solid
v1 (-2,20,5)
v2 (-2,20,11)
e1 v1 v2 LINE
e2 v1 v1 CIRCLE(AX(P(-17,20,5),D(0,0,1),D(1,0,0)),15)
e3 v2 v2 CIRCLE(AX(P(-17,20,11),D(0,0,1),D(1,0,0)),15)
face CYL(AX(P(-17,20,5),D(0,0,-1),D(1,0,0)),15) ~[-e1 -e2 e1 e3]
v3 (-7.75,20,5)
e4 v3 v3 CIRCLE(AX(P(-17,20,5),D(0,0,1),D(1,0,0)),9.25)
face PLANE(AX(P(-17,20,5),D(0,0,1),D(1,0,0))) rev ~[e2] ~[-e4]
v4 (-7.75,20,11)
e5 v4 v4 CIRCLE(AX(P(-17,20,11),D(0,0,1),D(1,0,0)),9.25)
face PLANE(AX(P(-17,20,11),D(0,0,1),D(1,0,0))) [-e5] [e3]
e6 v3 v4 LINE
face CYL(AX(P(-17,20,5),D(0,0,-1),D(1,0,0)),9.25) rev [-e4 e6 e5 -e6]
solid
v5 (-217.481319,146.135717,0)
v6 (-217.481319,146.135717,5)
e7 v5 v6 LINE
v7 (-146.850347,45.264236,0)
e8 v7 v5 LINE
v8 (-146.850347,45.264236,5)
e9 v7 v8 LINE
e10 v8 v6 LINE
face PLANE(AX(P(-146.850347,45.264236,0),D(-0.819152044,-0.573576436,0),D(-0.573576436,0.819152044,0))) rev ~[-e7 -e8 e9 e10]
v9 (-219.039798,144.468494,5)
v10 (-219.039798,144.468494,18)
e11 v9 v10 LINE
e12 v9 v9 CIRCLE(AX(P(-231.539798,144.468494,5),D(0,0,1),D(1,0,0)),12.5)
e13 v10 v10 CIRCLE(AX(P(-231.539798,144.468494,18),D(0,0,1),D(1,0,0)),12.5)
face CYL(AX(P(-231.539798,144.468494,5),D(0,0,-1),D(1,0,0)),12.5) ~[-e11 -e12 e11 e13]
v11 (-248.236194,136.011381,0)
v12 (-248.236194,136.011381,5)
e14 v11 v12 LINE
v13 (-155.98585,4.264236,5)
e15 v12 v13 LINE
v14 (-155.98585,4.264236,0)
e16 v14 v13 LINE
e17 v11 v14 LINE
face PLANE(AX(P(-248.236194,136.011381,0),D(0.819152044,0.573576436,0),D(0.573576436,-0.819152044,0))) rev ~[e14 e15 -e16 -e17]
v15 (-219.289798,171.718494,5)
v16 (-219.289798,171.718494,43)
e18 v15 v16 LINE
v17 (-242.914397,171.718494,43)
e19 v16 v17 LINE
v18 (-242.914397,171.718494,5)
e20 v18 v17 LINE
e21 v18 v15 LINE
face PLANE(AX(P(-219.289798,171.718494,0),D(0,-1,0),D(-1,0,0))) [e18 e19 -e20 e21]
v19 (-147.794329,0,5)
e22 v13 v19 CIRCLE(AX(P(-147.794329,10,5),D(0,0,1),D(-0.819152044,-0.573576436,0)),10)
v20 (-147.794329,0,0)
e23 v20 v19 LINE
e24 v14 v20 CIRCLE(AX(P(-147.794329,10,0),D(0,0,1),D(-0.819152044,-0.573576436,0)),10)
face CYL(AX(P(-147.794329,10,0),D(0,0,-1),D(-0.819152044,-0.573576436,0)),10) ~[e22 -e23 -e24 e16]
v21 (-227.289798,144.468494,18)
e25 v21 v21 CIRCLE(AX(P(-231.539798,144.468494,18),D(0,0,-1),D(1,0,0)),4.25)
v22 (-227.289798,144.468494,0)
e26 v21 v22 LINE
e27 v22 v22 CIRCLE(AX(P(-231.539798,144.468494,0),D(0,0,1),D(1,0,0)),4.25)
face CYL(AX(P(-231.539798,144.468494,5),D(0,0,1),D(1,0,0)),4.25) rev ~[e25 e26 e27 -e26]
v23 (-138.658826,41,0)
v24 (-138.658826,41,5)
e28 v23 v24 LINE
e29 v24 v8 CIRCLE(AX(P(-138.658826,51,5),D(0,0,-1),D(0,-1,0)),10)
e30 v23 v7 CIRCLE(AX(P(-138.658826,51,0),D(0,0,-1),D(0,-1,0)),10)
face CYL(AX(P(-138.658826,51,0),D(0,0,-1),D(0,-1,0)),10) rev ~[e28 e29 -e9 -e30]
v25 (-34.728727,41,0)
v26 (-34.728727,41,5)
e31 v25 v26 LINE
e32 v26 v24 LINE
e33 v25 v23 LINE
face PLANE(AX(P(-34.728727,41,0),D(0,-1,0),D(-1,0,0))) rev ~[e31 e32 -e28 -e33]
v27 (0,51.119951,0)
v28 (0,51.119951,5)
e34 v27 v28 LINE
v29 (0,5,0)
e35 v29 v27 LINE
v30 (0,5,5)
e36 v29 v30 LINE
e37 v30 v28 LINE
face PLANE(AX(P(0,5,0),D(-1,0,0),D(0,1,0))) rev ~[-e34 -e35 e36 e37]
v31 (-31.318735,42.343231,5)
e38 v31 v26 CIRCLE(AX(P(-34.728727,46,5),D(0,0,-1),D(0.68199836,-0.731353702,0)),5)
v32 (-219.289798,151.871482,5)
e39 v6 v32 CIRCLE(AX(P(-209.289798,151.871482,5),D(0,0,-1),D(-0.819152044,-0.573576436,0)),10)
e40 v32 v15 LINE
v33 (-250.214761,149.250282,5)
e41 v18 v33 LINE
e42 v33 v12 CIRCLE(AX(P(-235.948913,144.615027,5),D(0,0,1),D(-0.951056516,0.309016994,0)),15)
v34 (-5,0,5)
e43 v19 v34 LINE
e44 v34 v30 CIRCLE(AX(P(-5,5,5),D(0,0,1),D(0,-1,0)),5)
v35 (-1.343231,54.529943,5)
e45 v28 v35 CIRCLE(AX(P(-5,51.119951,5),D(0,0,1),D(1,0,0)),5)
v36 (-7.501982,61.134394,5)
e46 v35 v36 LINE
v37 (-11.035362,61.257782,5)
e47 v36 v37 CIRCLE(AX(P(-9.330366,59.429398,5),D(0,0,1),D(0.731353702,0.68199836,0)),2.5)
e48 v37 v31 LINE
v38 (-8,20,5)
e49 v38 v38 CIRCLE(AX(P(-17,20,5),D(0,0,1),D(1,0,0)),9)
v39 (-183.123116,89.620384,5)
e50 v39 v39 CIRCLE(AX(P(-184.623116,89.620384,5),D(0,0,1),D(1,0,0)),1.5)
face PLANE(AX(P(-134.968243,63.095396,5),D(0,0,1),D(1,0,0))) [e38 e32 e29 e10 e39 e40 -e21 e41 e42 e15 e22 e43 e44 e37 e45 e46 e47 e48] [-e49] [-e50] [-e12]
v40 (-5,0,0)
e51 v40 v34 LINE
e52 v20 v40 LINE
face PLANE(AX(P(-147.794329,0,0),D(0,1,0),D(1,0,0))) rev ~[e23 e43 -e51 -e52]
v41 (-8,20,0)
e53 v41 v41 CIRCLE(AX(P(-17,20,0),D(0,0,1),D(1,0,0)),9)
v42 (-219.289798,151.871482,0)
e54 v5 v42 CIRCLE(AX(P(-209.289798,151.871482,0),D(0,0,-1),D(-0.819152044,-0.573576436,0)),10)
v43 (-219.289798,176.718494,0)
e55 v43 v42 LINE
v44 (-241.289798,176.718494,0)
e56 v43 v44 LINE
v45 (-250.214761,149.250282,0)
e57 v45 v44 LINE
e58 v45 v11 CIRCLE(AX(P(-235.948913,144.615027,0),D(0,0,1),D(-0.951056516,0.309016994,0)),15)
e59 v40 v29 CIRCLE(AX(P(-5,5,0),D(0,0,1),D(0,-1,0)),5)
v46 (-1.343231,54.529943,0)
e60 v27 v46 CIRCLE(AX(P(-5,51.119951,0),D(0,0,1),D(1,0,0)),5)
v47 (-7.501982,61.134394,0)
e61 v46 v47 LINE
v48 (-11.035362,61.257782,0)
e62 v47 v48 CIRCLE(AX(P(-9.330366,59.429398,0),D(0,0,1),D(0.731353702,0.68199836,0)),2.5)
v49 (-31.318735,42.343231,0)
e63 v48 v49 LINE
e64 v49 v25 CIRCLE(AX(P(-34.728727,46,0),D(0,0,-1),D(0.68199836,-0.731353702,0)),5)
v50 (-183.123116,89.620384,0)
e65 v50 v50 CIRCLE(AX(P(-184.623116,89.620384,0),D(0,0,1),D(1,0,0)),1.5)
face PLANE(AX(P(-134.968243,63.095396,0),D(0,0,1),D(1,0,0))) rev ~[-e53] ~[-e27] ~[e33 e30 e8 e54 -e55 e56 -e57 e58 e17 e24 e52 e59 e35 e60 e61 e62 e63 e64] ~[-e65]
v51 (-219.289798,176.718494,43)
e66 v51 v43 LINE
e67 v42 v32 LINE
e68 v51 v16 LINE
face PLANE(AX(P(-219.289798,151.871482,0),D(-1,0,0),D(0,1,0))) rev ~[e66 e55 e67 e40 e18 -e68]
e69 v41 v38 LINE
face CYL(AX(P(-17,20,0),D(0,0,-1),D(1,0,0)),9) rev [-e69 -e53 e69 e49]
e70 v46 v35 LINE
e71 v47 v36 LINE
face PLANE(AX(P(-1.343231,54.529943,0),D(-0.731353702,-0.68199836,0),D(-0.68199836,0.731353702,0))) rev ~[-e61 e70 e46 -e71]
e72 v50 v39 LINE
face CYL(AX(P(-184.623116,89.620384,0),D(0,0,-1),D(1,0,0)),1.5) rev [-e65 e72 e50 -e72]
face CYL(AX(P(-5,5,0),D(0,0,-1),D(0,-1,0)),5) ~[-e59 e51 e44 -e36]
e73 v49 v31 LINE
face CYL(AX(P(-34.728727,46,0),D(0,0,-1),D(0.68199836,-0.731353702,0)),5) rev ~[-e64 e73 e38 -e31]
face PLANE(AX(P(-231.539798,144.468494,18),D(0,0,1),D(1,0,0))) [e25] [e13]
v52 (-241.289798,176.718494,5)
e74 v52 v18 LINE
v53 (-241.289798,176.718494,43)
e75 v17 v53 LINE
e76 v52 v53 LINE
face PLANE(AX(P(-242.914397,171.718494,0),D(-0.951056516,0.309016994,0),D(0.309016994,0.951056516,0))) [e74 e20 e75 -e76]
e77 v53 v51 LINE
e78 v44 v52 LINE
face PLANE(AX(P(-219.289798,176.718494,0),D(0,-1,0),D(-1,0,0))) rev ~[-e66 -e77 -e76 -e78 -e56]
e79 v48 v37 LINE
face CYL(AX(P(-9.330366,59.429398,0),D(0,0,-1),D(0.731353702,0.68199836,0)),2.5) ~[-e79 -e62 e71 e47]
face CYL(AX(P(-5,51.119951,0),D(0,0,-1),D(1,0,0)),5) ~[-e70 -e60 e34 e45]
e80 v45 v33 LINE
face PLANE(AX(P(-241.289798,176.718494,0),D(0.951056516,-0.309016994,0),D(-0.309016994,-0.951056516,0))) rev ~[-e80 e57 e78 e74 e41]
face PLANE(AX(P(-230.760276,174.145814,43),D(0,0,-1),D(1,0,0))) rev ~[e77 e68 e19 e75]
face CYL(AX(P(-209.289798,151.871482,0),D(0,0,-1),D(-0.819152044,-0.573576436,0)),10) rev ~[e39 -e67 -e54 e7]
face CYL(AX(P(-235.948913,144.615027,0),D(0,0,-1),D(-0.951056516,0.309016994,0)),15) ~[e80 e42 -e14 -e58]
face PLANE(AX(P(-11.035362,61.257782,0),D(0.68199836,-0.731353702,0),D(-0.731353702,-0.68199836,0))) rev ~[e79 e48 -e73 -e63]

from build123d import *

# Parameters (mm, degrees)
F0_R          = 9
F0_R_2        = 1.5
F1_DEPTH      = 5
F3_DEPTH      = 43
F5_START      = 5
F4_R          = 12.5
F5_DEPTH      = 13
F6_R          = 4.25
F7_DEPTH      = 38.001
F7_DEPTH_BACK = 5.001
F8_R          = 15
F8_R_2        = 9.25
F9_DEPTH      = 6


with BuildPart() as f1:
    # F0 (on Top) → F1 (new body)
    with BuildSketch(Plane.XY):
        with BuildLine():
            Line((-147.7943294945, 0), (-5, 0))
            ThreePointArc((-5, 0), (-1.4644660941, 1.4644660941), (0, 5))
            Line((0, 5), (0, 51.1199510489))
            ThreePointArc((0, 51.1199510489), (-0.3479121601, 52.9524571825), (-1.3432314919, 54.5299428492))
            Line((-1.3432314919, 54.5299428492), (-7.5019819607, 61.1343941448))
            ThreePointArc((-7.5019819607, 61.1343941448), (-9.243117473, 61.9278753122), (-11.0353621149, 61.2577824987))
            Line((-11.0353621149, 61.2577824987), (-31.3187347787, 42.3432314919))
            ThreePointArc((-31.3187347787, 42.3432314919), (-32.8962204454, 41.3479121601), (-34.728726579, 41))
            Line((-34.728726579, 41), (-138.6588263095, 41))
            ThreePointArc((-138.6588263095, 41), (-143.2763124418, 42.1298916682), (-146.8503467524, 45.2642356365))
            Line((-146.8503467524, 45.2642356365), (-217.481318638, 146.1357173493))
            ThreePointArc((-217.481318638, 146.1357173493), (-218.8269677026, 148.8644237177), (-219.2897981952, 151.8714817128))
            Line((-219.2897981952, 151.8714817128), (-219.2897981952, 176.718493824))
            Line((-219.2897981952, 176.718493824), (-241.2897981952, 176.718493824))
            Line((-241.2897981952, 176.718493824), (-250.214761167, 149.2502822158))
            ThreePointArc((-250.214761167, 149.2502822158), (-250.784151373, 142.3978861332), (-248.2361940869, 136.0113807549))
            Line((-248.2361940869, 136.0113807549), (-155.9858499374, 4.2642356365))
            ThreePointArc((-155.9858499374, 4.2642356365), (-152.4118156268, 1.1298916682), (-147.7943294945, 0))
        make_face()
        with Locations((-17, 20)):
            Circle(F0_R, mode=Mode.SUBTRACT)
        with Locations((-184.6231163043, 89.6203838053)):
            Circle(F0_R_2, mode=Mode.SUBTRACT)
    extrude(amount=F1_DEPTH)

    # F2 (on face) → F3 (join)
    with BuildSketch(Plane(origin=(0, 0, 0), x_dir=(1, 0, 0), z_dir=(0, 0, -1))):
        Polygon((-242.9143966763, -171.718493824), (-241.2897981952, -176.718493824), (-219.2897981952, -176.718493824), (-219.2897981952, -171.718493824), align=None)
    extrude(amount=-F3_DEPTH)

    # F4 (on face) → F5 (join)
    with BuildSketch(Plane.XY.offset(F5_START)):
        with Locations((-231.5397981952, 144.468493824)):
            Circle(F4_R)
    extrude(amount=F5_DEPTH)

    # F6 (on face) → F7 (cut, two sides)
    with BuildSketch(Plane.XY.offset(5)) as f7_sk:
        with Locations((-231.5397981952, 144.468493824)):
            Circle(F6_R)
    extrude(amount=F7_DEPTH, mode=Mode.SUBTRACT)
    extrude(f7_sk.sketch, amount=-F7_DEPTH_BACK, mode=Mode.SUBTRACT)


with BuildPart() as f9:
    # F8 (on face) → F9 (new body)
    with BuildSketch(Plane.XY.offset(5)):
        with Locations((-17, 20)):
            Circle(F8_R)
        with Locations((-17, 20)):
            Circle(F8_R_2, mode=Mode.SUBTRACT)
    extrude(amount=F9_DEPTH)


solid = Compound([f1.part, f9.part])
